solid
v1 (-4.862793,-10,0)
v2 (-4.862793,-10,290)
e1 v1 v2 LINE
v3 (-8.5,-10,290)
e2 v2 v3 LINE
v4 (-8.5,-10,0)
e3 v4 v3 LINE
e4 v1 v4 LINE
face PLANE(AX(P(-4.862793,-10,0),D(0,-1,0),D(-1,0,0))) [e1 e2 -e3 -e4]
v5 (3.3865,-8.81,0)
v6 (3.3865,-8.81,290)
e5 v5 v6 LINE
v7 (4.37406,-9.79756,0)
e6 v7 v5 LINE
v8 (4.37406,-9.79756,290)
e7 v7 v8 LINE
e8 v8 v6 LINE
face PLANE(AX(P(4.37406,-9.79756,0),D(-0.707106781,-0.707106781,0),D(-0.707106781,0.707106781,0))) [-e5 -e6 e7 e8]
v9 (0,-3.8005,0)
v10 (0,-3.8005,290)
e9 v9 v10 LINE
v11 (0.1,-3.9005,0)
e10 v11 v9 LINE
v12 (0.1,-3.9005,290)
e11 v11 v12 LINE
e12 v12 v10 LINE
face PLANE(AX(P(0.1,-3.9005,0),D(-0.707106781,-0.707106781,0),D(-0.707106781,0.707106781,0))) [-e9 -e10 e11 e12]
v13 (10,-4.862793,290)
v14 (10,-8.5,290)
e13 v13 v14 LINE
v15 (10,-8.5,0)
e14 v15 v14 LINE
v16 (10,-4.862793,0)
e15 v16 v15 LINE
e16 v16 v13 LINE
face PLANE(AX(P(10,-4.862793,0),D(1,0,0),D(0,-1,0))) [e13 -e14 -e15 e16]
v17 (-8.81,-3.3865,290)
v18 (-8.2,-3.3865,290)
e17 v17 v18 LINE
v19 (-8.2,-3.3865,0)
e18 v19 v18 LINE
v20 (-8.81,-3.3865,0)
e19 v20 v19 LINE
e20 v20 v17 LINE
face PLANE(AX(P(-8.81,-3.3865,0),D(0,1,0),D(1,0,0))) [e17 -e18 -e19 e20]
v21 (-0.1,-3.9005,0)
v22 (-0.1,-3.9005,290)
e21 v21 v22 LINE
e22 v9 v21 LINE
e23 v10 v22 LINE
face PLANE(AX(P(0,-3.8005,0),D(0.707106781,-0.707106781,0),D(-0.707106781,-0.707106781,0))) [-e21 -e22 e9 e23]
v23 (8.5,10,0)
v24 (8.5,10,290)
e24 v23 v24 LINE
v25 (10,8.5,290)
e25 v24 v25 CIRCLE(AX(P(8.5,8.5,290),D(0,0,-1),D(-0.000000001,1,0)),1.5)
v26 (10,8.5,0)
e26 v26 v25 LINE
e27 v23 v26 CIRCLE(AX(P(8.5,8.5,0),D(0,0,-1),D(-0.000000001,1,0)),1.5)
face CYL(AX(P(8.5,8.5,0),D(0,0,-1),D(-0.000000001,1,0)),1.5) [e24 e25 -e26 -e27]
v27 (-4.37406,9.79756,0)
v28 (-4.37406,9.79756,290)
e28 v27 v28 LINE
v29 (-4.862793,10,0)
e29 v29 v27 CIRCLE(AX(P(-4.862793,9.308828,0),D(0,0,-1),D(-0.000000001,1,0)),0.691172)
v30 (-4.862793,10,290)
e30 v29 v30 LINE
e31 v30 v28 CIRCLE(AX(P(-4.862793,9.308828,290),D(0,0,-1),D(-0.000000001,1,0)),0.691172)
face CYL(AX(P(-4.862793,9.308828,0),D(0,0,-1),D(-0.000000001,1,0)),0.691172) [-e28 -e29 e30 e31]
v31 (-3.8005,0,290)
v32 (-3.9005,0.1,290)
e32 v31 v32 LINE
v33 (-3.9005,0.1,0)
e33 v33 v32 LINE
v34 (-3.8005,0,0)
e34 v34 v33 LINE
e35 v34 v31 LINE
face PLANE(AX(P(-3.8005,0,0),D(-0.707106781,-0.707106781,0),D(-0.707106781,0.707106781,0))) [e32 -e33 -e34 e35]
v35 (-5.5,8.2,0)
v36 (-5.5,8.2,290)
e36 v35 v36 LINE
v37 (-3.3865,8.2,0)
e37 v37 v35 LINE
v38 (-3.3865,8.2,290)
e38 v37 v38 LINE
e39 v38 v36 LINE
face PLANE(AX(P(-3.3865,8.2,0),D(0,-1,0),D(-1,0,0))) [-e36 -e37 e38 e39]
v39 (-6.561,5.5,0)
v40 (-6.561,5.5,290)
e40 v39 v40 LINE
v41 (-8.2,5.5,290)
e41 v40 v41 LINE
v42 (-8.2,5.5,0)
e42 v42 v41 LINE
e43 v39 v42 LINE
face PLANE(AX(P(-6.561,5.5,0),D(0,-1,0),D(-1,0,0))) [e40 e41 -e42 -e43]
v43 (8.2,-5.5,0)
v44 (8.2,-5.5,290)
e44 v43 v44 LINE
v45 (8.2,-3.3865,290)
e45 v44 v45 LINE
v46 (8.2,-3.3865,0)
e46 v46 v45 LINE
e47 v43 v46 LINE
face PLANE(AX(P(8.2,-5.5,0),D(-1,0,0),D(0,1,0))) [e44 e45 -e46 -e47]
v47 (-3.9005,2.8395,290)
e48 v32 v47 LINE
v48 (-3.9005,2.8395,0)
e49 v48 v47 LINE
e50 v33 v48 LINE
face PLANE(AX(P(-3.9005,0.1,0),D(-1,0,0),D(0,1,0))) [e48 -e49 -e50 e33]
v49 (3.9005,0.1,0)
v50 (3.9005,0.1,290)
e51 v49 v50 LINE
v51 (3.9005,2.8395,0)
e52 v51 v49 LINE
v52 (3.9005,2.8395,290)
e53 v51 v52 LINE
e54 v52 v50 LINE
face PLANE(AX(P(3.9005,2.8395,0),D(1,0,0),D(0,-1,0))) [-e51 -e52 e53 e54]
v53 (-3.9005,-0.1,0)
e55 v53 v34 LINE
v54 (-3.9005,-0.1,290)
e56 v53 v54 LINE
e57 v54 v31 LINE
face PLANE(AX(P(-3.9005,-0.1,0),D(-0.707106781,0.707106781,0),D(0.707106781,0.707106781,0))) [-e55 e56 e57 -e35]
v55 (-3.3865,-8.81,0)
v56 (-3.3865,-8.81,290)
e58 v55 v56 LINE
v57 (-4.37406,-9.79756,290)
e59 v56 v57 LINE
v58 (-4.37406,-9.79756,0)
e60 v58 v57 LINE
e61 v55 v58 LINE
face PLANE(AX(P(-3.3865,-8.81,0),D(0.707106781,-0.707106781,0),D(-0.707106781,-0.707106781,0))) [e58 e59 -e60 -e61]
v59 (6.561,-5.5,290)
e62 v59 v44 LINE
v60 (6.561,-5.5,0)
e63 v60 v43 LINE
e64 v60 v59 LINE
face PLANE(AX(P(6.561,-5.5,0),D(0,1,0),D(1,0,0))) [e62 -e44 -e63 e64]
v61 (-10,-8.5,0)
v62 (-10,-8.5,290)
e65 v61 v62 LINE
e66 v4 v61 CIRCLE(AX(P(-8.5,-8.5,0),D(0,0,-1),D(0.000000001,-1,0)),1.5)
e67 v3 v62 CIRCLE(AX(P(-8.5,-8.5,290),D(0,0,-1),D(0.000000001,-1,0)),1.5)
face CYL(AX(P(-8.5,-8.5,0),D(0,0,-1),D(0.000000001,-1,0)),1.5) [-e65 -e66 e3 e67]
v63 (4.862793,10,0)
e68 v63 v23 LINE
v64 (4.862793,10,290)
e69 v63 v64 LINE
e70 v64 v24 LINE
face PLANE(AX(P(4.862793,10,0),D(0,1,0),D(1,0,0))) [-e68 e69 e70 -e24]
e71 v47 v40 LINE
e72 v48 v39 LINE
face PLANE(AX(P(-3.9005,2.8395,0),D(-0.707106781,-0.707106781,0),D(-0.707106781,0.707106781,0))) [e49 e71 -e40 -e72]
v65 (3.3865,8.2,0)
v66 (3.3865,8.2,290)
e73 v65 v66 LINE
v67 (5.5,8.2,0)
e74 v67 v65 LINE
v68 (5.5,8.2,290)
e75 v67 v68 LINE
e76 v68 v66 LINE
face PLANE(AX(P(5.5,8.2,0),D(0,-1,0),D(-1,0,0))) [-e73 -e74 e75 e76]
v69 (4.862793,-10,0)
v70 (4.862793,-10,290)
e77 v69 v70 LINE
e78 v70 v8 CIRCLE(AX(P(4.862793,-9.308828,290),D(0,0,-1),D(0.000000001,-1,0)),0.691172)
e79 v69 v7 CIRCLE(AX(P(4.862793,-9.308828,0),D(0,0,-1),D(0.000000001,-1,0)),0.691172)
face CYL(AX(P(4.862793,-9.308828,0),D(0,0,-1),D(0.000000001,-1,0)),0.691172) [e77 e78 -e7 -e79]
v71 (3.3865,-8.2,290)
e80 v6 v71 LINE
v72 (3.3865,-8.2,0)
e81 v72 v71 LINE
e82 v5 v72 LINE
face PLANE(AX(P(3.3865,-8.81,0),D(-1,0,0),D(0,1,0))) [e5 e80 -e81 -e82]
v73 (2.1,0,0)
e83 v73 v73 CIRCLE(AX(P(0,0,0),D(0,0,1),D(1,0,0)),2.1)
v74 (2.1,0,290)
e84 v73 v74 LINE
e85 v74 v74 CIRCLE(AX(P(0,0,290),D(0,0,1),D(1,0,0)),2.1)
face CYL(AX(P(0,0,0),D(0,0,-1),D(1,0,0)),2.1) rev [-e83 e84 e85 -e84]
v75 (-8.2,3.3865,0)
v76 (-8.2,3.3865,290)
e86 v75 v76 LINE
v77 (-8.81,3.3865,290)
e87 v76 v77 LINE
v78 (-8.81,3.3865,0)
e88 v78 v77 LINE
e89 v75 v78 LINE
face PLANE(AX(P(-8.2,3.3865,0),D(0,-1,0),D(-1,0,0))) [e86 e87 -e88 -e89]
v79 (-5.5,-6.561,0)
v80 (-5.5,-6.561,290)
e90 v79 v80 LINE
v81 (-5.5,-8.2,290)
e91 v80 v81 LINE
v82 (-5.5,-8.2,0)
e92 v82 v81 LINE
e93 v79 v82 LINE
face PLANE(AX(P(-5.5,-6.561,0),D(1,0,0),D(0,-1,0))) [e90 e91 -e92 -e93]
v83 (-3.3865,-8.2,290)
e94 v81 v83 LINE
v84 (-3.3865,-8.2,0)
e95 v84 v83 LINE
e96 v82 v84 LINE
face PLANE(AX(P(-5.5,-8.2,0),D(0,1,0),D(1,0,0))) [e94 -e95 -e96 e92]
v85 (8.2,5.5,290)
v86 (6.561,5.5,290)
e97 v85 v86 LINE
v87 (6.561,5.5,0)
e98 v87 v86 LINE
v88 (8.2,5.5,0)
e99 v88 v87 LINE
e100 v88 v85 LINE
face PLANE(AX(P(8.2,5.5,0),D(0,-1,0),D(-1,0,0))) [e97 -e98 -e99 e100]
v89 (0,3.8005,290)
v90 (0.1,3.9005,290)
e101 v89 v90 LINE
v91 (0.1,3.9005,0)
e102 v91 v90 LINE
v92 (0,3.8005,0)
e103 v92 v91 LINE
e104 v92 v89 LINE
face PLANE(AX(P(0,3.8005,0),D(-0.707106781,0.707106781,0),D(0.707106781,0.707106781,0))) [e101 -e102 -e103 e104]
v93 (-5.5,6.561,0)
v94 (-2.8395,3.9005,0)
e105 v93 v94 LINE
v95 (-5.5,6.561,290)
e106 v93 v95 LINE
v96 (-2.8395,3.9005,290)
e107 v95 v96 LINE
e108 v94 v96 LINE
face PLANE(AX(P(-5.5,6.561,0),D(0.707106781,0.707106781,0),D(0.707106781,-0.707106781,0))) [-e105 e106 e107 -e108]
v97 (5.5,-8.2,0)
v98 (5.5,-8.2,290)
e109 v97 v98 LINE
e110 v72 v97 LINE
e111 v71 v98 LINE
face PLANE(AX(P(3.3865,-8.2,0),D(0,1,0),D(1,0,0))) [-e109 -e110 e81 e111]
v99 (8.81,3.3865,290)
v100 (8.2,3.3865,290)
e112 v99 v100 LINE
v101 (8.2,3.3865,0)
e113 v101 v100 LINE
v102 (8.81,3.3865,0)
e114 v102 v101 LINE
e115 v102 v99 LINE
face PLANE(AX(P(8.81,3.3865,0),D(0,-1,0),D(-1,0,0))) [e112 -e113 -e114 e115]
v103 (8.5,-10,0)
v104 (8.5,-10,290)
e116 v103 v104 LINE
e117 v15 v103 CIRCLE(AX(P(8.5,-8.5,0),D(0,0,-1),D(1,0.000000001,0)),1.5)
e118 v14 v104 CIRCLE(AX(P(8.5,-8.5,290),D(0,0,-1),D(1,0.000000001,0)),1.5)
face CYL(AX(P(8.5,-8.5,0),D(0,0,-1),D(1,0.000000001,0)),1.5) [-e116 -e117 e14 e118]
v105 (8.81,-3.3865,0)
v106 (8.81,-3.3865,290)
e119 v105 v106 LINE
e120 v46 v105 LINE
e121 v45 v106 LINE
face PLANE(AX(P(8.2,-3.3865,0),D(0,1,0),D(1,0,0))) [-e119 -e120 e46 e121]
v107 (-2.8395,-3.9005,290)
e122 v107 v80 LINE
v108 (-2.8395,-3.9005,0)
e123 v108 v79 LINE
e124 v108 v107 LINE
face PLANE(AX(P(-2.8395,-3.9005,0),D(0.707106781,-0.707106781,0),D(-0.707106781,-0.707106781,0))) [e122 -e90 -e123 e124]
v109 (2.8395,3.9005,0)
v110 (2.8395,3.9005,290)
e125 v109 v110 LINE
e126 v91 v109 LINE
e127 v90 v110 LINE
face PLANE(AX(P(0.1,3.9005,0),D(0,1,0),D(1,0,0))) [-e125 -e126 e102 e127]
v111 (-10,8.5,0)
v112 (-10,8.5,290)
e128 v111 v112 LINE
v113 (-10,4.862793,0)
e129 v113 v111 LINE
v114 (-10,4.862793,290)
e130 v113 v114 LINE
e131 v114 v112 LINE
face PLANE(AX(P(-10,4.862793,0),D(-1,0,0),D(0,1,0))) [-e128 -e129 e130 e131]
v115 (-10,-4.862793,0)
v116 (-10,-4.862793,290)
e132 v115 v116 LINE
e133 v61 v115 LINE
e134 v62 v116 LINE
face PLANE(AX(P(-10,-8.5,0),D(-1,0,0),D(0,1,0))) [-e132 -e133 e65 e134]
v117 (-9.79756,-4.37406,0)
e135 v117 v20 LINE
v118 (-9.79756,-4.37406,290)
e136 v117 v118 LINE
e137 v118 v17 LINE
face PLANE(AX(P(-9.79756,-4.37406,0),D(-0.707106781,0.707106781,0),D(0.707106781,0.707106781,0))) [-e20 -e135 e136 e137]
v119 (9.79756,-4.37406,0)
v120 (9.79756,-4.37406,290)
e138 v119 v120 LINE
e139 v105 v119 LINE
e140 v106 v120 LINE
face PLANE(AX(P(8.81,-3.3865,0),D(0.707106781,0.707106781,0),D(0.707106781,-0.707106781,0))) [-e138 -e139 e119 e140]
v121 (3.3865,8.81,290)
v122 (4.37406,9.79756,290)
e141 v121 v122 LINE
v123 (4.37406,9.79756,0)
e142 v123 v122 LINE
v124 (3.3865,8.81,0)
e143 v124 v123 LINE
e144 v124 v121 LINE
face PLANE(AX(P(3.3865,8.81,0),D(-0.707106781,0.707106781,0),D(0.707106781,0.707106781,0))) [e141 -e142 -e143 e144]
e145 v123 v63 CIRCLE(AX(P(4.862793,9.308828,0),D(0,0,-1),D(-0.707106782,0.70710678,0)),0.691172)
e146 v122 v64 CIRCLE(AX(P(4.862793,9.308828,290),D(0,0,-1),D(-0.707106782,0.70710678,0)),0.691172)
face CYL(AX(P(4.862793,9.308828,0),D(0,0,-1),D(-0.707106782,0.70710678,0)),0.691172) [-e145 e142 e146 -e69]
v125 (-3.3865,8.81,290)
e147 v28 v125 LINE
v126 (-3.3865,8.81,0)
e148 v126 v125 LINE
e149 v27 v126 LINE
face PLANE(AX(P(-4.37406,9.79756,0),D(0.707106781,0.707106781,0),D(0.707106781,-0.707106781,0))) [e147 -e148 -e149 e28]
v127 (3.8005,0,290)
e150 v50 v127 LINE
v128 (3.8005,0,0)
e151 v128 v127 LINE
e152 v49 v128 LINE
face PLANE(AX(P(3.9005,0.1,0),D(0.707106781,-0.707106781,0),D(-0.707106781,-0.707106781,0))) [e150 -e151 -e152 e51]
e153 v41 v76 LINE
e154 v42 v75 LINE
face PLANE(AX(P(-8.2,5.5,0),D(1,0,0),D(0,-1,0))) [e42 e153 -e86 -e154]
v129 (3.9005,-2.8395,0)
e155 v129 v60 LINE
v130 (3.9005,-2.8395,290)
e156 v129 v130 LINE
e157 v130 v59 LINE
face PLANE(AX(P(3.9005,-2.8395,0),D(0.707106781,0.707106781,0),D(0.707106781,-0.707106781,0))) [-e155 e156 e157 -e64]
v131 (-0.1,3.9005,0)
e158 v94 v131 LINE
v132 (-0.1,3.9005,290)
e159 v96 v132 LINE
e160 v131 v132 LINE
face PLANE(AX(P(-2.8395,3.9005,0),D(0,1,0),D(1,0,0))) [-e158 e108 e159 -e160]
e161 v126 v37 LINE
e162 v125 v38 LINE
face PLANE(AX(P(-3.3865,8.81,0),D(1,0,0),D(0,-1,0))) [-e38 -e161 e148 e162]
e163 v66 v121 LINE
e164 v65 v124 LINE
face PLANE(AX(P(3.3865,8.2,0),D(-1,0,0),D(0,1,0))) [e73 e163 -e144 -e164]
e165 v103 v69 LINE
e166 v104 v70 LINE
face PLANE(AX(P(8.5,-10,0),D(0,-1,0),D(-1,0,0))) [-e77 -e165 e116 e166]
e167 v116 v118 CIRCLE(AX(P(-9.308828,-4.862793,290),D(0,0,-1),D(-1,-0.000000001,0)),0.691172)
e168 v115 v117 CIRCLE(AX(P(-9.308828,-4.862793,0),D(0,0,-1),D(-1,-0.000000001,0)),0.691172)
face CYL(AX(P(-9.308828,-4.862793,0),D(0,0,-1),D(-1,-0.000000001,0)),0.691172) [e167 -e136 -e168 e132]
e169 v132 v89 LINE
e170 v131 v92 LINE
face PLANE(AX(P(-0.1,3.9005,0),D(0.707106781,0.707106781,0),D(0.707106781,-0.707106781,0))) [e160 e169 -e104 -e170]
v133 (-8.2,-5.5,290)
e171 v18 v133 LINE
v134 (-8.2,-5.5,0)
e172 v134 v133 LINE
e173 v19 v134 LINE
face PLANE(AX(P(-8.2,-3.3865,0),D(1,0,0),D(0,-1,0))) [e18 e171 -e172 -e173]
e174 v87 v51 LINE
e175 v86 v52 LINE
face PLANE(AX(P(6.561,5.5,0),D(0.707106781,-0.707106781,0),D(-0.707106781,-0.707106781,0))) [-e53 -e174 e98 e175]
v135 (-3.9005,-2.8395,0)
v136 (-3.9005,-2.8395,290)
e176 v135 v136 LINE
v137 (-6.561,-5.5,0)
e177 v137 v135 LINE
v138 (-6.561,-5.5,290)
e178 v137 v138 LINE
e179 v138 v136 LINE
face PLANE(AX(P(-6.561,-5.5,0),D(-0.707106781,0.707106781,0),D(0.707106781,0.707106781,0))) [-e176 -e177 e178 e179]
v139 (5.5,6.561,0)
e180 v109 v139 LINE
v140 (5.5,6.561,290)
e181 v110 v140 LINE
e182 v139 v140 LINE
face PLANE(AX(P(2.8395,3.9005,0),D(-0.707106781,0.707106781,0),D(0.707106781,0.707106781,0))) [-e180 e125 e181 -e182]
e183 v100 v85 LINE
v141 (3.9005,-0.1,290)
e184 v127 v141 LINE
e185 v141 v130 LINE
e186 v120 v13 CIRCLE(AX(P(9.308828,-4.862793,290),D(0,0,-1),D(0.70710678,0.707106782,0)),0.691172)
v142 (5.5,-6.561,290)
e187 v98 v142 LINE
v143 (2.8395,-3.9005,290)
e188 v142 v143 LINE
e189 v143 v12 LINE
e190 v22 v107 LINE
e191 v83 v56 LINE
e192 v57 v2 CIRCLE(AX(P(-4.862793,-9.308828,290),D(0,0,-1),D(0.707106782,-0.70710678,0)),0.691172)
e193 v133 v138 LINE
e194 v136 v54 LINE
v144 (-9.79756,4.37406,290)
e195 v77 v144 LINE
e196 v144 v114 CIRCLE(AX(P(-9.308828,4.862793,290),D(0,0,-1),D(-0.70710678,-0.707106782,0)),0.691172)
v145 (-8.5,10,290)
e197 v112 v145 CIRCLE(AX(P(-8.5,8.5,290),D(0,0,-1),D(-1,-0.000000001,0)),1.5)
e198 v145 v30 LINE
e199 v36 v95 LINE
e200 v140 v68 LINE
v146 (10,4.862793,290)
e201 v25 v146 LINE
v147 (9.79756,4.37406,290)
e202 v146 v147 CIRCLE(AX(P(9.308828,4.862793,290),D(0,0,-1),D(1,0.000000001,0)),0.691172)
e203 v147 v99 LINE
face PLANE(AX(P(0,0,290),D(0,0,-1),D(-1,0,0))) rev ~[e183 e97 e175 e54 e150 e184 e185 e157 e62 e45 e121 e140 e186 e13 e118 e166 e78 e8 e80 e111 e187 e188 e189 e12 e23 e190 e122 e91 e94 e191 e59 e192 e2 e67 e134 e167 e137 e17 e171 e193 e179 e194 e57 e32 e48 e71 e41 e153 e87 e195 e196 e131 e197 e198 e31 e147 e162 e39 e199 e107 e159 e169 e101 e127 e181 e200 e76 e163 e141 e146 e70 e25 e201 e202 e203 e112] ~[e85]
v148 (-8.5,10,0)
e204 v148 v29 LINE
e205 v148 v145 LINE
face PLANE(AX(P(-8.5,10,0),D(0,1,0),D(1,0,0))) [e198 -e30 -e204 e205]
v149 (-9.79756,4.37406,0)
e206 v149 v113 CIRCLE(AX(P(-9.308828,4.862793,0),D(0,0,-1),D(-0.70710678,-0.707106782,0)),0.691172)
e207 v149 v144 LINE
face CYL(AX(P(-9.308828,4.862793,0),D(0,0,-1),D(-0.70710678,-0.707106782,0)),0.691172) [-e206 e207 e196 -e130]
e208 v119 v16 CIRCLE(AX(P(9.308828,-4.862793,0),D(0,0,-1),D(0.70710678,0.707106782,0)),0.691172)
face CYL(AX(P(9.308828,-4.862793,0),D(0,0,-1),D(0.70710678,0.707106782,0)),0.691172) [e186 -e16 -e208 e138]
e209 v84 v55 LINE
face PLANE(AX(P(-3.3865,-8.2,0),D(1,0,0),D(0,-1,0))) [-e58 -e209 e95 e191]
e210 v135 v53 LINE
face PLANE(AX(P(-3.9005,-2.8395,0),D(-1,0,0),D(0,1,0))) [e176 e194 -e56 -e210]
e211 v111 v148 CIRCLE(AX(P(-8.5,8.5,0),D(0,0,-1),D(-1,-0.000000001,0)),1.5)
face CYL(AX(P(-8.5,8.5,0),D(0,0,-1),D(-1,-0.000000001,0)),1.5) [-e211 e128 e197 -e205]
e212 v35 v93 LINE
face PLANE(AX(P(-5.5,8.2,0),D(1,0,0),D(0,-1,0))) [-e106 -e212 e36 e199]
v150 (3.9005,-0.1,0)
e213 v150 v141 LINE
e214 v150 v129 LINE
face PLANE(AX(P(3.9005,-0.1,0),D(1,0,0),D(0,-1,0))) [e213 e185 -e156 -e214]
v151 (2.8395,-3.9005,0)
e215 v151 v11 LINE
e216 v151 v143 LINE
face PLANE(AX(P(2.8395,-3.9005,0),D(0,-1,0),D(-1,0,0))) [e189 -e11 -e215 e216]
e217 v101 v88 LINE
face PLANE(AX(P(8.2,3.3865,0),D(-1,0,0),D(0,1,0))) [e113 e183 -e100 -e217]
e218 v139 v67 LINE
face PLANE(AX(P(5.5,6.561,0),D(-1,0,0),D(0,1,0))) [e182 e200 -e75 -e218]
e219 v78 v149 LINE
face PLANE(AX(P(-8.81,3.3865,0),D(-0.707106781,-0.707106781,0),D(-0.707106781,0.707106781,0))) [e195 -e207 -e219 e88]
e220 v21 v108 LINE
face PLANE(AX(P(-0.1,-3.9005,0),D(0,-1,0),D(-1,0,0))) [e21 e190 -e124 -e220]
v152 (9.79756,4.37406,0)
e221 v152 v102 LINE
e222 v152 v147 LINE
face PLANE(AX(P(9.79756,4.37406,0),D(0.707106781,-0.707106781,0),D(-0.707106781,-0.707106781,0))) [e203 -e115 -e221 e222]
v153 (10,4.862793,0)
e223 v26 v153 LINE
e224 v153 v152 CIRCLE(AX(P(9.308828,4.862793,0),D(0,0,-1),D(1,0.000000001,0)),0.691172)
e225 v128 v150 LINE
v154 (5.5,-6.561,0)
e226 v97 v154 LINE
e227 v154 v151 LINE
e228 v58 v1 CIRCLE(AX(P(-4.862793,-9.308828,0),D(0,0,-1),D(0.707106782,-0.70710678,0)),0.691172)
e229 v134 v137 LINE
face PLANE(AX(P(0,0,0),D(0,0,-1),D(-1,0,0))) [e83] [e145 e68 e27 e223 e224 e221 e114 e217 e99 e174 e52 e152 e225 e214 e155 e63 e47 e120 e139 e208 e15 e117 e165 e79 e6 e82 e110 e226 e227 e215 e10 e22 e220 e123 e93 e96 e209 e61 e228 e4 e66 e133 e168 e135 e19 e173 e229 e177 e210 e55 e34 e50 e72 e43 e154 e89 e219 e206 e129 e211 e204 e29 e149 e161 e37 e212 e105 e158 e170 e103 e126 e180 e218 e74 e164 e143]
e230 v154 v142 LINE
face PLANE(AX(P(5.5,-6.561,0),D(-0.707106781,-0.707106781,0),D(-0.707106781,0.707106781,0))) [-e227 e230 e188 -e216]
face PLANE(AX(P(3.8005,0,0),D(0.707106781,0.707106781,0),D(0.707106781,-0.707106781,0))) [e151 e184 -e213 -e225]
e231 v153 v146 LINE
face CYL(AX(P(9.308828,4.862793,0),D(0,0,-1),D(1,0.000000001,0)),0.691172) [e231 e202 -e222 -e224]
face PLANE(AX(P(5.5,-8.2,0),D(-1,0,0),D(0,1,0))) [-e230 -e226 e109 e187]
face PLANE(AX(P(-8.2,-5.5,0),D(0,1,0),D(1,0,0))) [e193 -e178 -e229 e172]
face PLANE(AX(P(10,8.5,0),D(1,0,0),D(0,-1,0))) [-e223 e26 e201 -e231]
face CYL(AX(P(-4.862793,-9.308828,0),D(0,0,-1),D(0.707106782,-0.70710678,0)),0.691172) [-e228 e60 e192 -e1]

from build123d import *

# Parameters (mm, degrees)
SKETCH1_R           = 2.1
BOSS_EXTRUDE1_DEPTH = 290


with BuildPart() as part:
    # Sketch1 → Boss-Extrude1 (new body)
    with BuildSketch(Plane.XY):
        with BuildLine():
            Line((-8.5, 10), (-4.862792737, 10))
            ThreePointArc((-4.862792737, 10), (-4.598292737, 9.947387679), (-4.374060464, 9.797560464))
            Line((-4.374060464, 9.797560464), (-3.3865, 8.81))
            Line((-3.3865, 8.81), (-3.3865, 8.2))
            Line((-3.3865, 8.2), (-5.5, 8.2))
            Line((-5.5, 8.2), (-5.5, 6.561))
            Line((-5.5, 6.561), (-2.8395, 3.9005))
            Line((-2.8395, 3.9005), (-0.1, 3.9005))
            Line((-0.1, 3.9005), (0, 3.8005))
            Line((0, 3.8005), (0.1, 3.9005))
            Line((0.1, 3.9005), (2.8395, 3.9005))
            Line((2.8395, 3.9005), (5.5, 6.561))
            Line((5.5, 6.561), (5.5, 8.2))
            Line((5.5, 8.2), (3.3865, 8.2))
            Line((3.3865, 8.2), (3.3865, 8.81))
            Line((3.3865, 8.81), (4.374060464, 9.797560464))
            ThreePointArc((4.374060464, 9.797560464), (4.598292737, 9.947387679), (4.862792737, 10))
            Line((4.862792737, 10), (8.5, 10))
            ThreePointArc((8.5, 10), (9.560660172, 9.560660172), (10, 8.5))
            Line((10, 8.5), (10, 4.862792737))
            ThreePointArc((10, 4.862792737), (9.947387679, 4.598292737), (9.797560464, 4.374060464))
            Line((9.797560464, 4.374060464), (8.81, 3.3865))
            Line((8.81, 3.3865), (8.2, 3.3865))
            Line((8.2, 3.3865), (8.2, 5.5))
            Line((8.2, 5.5), (6.561, 5.5))
            Line((6.561, 5.5), (3.9005, 2.8395))
            Line((3.9005, 2.8395), (3.9005, 0.1))
            Line((3.9005, 0.1), (3.8005, 0))
            Line((3.8005, 0), (3.9005, -0.1))
            Line((3.9005, -0.1), (3.9005, -2.8395))
            Line((3.9005, -2.8395), (6.561, -5.5))
            Line((6.561, -5.5), (8.2, -5.5))
            Line((8.2, -5.5), (8.2, -3.3865))
            Line((8.2, -3.3865), (8.81, -3.3865))
            Line((8.81, -3.3865), (9.797560464, -4.374060464))
            ThreePointArc((9.797560464, -4.374060464), (9.947387679, -4.598292737), (10, -4.862792737))
            Line((10, -4.862792737), (10, -8.5))
            ThreePointArc((10, -8.5), (9.560660172, -9.560660172), (8.5, -10))
            Line((8.5, -10), (4.862792737, -10))
            ThreePointArc((4.862792737, -10), (4.598292737, -9.947387679), (4.374060464, -9.797560464))
            Line((4.374060464, -9.797560464), (3.3865, -8.81))
            Line((3.3865, -8.81), (3.3865, -8.2))
            Line((3.3865, -8.2), (5.5, -8.2))
            Line((5.5, -8.2), (5.5, -6.561))
            Line((5.5, -6.561), (2.8395, -3.9005))
            Line((2.8395, -3.9005), (0.1, -3.9005))
            Line((0.1, -3.9005), (0, -3.8005))
            Line((0, -3.8005), (-0.1, -3.9005))
            Line((-0.1, -3.9005), (-2.8395, -3.9005))
            Line((-2.8395, -3.9005), (-5.5, -6.561))
            Line((-5.5, -6.561), (-5.5, -8.2))
            Line((-5.5, -8.2), (-3.3865, -8.2))
            Line((-3.3865, -8.2), (-3.3865, -8.81))
            Line((-3.3865, -8.81), (-4.374060464, -9.797560464))
            ThreePointArc((-4.374060464, -9.797560464), (-4.598292737, -9.947387679), (-4.862792737, -10))
            Line((-4.862792737, -10), (-8.5, -10))
            ThreePointArc((-8.5, -10), (-9.560660172, -9.560660172), (-10, -8.5))
            Line((-10, -8.5), (-10, -4.862792737))
            ThreePointArc((-10, -4.862792737), (-9.947387679, -4.598292737), (-9.797560464, -4.374060464))
            Line((-9.797560464, -4.374060464), (-8.81, -3.3865))
            Line((-8.81, -3.3865), (-8.2, -3.3865))
            Line((-8.2, -3.3865), (-8.2, -5.5))
            Line((-8.2, -5.5), (-6.561, -5.5))
            Line((-6.561, -5.5), (-3.9005, -2.8395))
            Line((-3.9005, -2.8395), (-3.9005, -0.1))
            Line((-3.9005, -0.1), (-3.8005, 0))
            Line((-3.8005, 0), (-3.9005, 0.1))
            Line((-3.9005, 0.1), (-3.9005, 2.8395))
            Line((-3.9005, 2.8395), (-6.561, 5.5))
            Line((-6.561, 5.5), (-8.2, 5.5))
            Line((-8.2, 5.5), (-8.2, 3.3865))
            Line((-8.2, 3.3865), (-8.81, 3.3865))
            Line((-8.81, 3.3865), (-9.797560464, 4.374060464))
            ThreePointArc((-9.797560464, 4.374060464), (-9.947387679, 4.598292737), (-10, 4.862792737))
            Line((-10, 4.862792737), (-10, 8.5))
            ThreePointArc((-10, 8.5), (-9.560660172, 9.560660172), (-8.5, 10))
        make_face()
        Circle(SKETCH1_R, mode=Mode.SUBTRACT)
    extrude(amount=BOSS_EXTRUDE1_DEPTH)


solid = part.part
